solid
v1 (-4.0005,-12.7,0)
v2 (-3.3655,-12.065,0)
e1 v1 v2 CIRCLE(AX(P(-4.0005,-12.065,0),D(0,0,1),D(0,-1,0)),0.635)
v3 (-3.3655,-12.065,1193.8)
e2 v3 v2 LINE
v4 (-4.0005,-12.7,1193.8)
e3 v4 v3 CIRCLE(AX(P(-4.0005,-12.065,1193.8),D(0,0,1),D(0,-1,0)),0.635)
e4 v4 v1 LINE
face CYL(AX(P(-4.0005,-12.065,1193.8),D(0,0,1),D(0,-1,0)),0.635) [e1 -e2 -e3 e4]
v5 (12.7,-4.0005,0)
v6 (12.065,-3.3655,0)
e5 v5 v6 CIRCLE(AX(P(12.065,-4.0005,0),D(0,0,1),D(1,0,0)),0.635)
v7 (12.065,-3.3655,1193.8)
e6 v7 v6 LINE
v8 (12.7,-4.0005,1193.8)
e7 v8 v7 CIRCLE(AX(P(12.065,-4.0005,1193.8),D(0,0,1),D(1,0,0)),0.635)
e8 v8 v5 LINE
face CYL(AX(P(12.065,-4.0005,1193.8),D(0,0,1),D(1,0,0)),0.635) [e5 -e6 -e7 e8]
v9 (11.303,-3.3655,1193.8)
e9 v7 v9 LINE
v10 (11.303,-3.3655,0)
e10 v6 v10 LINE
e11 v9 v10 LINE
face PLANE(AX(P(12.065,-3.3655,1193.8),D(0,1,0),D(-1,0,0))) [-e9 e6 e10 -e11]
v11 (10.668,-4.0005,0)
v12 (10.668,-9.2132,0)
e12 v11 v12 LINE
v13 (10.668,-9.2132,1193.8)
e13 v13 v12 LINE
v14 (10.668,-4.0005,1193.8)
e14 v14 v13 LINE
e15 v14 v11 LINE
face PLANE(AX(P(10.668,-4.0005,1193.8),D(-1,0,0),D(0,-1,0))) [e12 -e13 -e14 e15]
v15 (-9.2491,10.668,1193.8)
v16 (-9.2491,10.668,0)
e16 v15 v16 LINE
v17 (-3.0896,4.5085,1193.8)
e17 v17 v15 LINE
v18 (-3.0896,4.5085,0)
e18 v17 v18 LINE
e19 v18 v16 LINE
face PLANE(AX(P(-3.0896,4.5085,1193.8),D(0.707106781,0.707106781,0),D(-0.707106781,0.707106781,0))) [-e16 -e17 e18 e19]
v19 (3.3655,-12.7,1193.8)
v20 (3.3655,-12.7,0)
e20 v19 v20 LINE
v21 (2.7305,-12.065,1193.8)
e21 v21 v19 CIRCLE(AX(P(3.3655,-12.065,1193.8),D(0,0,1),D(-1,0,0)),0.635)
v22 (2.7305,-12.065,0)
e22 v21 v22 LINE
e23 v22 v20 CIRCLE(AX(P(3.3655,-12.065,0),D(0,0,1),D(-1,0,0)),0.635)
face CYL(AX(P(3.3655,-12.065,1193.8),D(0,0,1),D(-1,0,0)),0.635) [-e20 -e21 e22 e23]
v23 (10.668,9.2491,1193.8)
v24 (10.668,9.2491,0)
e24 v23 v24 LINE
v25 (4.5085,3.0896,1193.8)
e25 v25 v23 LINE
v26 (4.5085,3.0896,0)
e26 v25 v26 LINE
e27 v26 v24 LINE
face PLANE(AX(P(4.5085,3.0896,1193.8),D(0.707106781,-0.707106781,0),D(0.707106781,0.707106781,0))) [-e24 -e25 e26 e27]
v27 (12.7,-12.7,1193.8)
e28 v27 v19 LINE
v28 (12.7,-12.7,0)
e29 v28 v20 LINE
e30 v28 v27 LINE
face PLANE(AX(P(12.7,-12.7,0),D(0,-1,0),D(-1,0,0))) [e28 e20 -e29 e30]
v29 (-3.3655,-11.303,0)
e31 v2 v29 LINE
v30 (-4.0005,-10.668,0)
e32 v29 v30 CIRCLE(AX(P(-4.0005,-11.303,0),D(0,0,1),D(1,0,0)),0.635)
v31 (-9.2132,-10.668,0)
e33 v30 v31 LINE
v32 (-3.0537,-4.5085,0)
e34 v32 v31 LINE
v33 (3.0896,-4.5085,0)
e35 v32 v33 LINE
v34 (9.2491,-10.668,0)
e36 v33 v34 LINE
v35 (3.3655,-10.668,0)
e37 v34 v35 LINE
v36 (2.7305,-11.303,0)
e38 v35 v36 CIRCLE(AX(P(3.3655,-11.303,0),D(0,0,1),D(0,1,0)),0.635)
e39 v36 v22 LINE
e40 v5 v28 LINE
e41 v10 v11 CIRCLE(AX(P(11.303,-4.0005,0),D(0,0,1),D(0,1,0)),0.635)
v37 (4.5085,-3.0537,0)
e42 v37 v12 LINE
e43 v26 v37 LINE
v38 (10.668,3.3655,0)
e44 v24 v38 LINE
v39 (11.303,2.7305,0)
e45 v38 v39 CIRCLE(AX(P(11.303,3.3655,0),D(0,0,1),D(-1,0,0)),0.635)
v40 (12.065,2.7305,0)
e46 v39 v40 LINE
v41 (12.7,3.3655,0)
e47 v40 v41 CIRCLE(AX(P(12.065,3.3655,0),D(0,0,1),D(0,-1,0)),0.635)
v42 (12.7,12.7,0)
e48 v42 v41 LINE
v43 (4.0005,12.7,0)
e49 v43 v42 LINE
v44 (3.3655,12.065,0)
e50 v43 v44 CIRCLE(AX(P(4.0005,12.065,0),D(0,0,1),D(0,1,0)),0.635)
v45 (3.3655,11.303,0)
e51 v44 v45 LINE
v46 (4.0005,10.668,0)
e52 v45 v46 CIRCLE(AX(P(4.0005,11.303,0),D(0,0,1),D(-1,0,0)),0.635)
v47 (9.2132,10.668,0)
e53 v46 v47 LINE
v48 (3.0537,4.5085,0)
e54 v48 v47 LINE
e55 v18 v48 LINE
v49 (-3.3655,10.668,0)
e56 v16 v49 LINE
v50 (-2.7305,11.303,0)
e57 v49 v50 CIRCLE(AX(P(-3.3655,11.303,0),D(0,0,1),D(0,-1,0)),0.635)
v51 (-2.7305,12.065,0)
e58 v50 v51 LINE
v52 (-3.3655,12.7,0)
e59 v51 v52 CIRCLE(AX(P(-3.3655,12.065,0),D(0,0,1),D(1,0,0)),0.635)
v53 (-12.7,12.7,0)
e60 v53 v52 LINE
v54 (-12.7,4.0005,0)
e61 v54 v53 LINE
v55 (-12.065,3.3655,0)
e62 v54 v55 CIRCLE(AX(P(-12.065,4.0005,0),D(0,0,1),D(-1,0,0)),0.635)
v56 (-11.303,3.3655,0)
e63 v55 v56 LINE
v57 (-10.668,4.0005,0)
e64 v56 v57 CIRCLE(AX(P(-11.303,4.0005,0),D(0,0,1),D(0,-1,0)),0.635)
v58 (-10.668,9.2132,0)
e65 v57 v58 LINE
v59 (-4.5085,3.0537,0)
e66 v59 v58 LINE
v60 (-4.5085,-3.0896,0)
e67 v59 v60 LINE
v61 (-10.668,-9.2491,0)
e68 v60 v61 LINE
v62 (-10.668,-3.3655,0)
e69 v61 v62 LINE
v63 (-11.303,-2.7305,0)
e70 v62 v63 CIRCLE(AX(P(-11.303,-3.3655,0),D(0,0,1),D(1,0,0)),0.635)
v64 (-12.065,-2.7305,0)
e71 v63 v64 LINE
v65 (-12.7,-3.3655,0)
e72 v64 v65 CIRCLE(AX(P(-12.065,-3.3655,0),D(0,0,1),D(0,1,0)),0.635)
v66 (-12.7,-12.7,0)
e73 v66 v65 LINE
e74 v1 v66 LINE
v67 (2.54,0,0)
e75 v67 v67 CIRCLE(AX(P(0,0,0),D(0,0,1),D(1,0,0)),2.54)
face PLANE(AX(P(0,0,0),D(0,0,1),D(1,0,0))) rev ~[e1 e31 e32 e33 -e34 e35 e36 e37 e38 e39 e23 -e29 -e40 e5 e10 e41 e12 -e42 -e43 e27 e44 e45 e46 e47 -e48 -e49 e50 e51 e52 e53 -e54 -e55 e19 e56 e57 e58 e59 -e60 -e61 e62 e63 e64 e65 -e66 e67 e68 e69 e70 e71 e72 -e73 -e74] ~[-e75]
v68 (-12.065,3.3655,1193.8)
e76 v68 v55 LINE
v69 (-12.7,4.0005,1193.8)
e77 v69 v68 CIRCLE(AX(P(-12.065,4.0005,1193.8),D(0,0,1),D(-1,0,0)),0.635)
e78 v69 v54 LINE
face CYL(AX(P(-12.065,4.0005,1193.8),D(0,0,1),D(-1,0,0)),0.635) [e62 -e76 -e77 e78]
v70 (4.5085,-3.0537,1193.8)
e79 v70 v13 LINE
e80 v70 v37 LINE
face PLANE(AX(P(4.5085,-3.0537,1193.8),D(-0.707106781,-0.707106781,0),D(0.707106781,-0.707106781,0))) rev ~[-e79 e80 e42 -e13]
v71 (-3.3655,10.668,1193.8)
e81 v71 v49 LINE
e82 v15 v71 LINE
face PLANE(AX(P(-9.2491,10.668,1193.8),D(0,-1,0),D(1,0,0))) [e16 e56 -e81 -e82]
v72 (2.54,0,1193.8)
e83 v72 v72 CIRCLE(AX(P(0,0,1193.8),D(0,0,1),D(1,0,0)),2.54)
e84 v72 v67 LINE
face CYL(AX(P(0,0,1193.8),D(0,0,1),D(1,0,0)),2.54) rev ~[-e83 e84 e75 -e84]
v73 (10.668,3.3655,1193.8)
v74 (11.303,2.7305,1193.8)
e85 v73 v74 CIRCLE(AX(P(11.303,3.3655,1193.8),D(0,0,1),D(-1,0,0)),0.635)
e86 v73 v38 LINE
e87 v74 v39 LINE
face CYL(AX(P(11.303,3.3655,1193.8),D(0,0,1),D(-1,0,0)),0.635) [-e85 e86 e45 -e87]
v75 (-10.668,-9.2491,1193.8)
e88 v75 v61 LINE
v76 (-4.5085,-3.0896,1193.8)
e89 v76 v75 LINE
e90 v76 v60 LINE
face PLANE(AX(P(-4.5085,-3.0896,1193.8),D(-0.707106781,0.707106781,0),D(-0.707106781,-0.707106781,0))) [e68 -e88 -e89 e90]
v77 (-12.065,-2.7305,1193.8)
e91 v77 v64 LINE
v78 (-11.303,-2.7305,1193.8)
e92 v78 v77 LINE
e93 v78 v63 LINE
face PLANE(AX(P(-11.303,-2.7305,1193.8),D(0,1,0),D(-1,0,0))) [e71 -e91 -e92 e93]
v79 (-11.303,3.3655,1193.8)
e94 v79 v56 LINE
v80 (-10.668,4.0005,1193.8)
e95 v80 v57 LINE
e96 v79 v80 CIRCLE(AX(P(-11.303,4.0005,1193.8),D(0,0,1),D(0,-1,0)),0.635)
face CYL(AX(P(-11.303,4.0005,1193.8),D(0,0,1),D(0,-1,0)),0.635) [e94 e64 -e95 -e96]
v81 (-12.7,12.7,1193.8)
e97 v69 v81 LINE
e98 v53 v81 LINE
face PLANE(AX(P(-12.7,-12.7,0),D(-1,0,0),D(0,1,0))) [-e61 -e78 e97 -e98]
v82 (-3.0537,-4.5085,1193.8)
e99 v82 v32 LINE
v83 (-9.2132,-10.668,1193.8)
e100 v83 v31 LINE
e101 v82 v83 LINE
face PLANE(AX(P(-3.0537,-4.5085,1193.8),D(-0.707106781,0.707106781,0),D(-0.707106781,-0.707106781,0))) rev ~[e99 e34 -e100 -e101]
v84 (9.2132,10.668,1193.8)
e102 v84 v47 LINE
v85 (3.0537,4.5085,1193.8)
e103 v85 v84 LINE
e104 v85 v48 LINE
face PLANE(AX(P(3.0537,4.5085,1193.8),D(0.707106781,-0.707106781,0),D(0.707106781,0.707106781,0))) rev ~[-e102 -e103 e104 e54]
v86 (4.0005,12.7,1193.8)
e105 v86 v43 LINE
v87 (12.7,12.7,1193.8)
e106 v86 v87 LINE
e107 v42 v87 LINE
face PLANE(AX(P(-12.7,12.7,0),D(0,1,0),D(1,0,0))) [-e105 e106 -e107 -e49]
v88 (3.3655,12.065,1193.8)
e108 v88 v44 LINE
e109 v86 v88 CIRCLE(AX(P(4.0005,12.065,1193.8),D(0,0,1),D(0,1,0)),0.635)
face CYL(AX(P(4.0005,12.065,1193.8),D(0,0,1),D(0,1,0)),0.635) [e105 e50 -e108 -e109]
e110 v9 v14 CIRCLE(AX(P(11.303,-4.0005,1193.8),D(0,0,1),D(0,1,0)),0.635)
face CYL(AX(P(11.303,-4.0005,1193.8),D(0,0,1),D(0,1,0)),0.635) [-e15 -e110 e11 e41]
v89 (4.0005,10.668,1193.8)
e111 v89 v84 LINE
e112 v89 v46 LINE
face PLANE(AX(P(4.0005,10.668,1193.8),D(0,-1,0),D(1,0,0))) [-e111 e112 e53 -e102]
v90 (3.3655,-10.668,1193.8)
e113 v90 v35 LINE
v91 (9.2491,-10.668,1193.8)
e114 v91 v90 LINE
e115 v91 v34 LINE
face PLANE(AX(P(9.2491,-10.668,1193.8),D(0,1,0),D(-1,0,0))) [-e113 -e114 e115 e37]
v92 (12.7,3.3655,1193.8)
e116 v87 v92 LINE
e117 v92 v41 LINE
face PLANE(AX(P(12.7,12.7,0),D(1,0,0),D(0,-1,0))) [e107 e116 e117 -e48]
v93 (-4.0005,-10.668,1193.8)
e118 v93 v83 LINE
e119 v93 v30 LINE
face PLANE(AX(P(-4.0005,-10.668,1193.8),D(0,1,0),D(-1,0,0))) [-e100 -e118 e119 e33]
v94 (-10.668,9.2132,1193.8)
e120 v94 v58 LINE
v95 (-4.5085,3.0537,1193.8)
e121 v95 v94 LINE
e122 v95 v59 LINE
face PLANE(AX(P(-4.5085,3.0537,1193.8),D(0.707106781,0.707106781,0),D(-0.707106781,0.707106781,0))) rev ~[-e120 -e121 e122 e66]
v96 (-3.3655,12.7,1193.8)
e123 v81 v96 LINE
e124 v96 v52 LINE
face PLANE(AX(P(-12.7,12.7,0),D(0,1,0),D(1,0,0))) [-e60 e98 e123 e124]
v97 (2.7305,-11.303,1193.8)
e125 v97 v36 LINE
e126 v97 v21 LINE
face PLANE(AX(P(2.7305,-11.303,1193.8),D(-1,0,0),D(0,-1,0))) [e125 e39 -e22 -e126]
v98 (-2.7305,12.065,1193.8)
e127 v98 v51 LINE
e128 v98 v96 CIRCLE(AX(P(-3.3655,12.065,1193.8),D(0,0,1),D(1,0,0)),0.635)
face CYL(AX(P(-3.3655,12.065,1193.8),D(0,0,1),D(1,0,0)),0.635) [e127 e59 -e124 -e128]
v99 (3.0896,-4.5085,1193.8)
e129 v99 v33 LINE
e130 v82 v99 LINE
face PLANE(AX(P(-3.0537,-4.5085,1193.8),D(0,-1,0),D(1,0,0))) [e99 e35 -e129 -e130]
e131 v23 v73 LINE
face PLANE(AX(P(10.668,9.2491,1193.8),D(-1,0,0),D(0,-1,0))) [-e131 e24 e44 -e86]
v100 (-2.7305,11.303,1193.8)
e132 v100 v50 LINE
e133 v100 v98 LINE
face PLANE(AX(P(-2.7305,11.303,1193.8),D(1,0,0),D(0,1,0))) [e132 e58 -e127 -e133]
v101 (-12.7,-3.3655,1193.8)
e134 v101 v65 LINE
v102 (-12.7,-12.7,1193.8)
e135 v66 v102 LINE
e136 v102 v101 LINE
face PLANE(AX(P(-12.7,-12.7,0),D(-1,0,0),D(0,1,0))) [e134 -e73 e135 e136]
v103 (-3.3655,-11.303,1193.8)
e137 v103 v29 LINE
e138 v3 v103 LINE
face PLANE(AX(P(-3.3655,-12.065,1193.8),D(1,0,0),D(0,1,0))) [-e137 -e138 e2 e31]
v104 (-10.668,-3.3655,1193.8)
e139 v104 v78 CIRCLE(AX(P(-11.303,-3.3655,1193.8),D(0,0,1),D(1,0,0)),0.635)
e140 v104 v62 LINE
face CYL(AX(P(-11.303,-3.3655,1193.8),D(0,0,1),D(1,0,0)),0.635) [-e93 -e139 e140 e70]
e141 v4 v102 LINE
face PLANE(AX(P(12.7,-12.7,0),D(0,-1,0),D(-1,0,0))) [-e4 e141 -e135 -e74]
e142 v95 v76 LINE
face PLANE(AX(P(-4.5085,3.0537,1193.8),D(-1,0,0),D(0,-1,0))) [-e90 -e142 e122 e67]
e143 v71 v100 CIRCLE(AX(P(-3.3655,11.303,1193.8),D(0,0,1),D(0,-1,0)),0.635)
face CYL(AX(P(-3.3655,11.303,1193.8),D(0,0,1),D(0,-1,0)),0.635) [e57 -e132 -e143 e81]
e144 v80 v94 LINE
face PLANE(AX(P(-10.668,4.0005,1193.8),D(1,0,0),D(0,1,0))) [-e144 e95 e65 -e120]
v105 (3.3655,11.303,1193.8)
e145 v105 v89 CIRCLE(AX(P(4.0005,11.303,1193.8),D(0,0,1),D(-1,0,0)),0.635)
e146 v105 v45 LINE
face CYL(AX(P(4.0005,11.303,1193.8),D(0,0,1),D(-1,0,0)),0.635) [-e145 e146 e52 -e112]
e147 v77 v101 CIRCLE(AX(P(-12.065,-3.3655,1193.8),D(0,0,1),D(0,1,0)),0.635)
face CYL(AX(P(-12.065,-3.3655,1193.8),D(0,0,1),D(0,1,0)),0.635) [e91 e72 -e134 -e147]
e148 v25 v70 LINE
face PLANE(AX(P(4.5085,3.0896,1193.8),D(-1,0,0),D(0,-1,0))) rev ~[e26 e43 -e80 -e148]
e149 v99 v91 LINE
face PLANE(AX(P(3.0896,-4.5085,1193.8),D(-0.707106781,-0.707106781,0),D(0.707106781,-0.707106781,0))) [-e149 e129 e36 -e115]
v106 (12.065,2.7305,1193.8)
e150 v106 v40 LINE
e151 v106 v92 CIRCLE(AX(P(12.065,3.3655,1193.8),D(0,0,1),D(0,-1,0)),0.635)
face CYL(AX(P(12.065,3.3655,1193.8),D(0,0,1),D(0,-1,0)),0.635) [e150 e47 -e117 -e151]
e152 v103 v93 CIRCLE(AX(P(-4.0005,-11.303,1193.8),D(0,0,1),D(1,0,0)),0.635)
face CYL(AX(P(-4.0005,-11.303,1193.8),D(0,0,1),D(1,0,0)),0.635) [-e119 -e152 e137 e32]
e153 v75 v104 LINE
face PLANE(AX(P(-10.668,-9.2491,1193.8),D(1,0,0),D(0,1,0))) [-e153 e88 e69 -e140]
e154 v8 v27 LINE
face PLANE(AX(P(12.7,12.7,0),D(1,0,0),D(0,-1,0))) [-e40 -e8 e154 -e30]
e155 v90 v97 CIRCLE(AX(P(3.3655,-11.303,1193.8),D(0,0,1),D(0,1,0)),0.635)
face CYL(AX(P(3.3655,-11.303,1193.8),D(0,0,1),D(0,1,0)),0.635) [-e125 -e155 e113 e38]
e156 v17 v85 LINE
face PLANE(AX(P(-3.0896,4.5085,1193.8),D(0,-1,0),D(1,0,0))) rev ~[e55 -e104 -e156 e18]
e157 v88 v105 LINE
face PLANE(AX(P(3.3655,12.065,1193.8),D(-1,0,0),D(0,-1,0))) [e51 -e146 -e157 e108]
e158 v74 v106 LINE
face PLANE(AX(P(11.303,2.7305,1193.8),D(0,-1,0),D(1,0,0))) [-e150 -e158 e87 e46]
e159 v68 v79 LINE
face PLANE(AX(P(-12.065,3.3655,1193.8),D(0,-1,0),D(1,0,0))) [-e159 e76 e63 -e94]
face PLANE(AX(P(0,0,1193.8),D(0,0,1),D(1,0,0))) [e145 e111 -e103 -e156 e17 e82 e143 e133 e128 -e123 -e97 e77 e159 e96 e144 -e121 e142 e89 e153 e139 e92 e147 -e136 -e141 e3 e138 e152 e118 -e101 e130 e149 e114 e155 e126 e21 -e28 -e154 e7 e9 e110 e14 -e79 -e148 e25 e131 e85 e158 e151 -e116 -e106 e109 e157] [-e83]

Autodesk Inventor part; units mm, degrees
ref_plane "YZ Plane" through (0, 0, 0) normal (1, 0, 0) x (0, 1, 0)
ref_plane "XZ Plane" through (0, 0, 0) normal (0, 1, 0) x (-1, 0, 0)
ref_plane "XY Plane" through (0, 0, 0) normal (0, 0, 1) x (1, 0, 0)
sketch "Sketch1" plane through (0, 0, 0) normal (0, 0, 1) x (1, 0, 0)
  line L0 (-12.7, 12.7) -> (12.7, 12.7)
  line L1 (12.7, 12.7) -> (12.7, -12.7)
  line L2 (12.7, -12.7) -> (-12.7, -12.7)
  line L3 (-12.7, -12.7) -> (-12.7, 12.7)
  point P0 (0, 0)
  dimension "d0" = 25.4
  dimension "d1" = 25.4
  dimension "d2" = 12.7
  dimension "d3" = 12.7
extrude "Extrusion1" add sketch "Sketch1" along normal blind 1193.8
sketch "Sketch2" plane through (0, 0, 1193.8) normal (0, 0, 1) x (1, 0, 0)
  circle A0 centre (0, 0) radius 2.54
  line L0 (-4.5085, 4.5085) -> (4.5085, 4.5085)
  line L1 (-4.5085, -4.5085) -> (4.5085, -4.5085)
  line L2 (4.5085, 4.5085) -> (4.5085, -4.5085)
  line L3 (-4.5085, 4.5085) -> (-4.5085, -4.5085)
  line L4 (-3.0896, 4.5085) -> (-11.2811, 12.7)
  line L5 (-4.5085, 3.0537) -> (-12.7, 11.2452)
  line L6 (12.7, 12.7) -> (-12.7, 12.7) projected
  line L7 (-12.7, 12.7) -> (-12.7, 4.0005)
  line L8 (-10.668, 4.0005) -> (-10.668, 9.2132)
  line L9 (-9.2491, 10.668) -> (-3.3655, 10.668)
  line L10 (-12.7, 12.7) -> (-3.3655, 12.7)
  line L11 (-2.7305, 11.303) -> (-2.7305, 12.065)
  line L12 (-12.065, 3.3655) -> (-11.303, 3.3655)
  arc A1 (-12.7, 4.0005) -> (-12.065, 3.3655) centre (-12.065, 4.0005) ccw
  arc A2 (-11.303, 3.3655) -> (-10.668, 4.0005) centre (-11.303, 4.0005) ccw
  arc A3 (-3.3655, 10.668) -> (-2.7305, 11.303) centre (-3.3655, 11.303) ccw
  arc A4 (-2.7305, 12.065) -> (-3.3655, 12.7) centre (-3.3655, 12.065) ccw
  arc A5 (-3.3655, -11.303) -> (-4.0005, -10.668) centre (-4.0005, -11.303) ccw
  line L13 (-3.3655, -12.065) -> (-3.3655, -11.303)
  arc A6 (-4.0005, -12.7) -> (-3.3655, -12.065) centre (-4.0005, -12.065) ccw
  line L14 (-3.0537, -4.5085) -> (-11.2452, -12.7)
  line L15 (-10.668, -9.2491) -> (-10.668, -3.3655)
  line L16 (-4.5085, -3.0896) -> (-12.7, -11.2811)
  line L17 (-12.7, -12.7) -> (-12.7, -3.3655)
  arc A7 (-10.668, -3.3655) -> (-11.303, -2.7305) centre (-11.303, -3.3655) ccw
  line L18 (-11.303, -2.7305) -> (-12.065, -2.7305)
  arc A8 (-12.065, -2.7305) -> (-12.7, -3.3655) centre (-12.065, -3.3655) ccw
  line L19 (-4.0005, -10.668) -> (-9.2132, -10.668)
  line L20 (-12.7, -12.7) -> (-4.0005, -12.7)
  arc A9 (11.303, -3.3655) -> (10.668, -4.0005) centre (11.303, -4.0005) ccw
  line L21 (12.065, -3.3655) -> (11.303, -3.3655)
  arc A10 (12.7, -4.0005) -> (12.065, -3.3655) centre (12.065, -4.0005) ccw
  line L22 (4.5085, -3.0537) -> (12.7, -11.2452)
  line L23 (9.2491, -10.668) -> (3.3655, -10.668)
  line L24 (3.0896, -4.5085) -> (11.2811, -12.7)
  line L25 (12.7, -12.7) -> (3.3655, -12.7)
  arc A11 (3.3655, -10.668) -> (2.7305, -11.303) centre (3.3655, -11.303) ccw
  line L26 (2.7305, -11.303) -> (2.7305, -12.065)
  arc A12 (2.7305, -12.065) -> (3.3655, -12.7) centre (3.3655, -12.065) ccw
  line L27 (10.668, -4.0005) -> (10.668, -9.2132)
  line L28 (12.7, -12.7) -> (12.7, -4.0005)
  arc A13 (3.3655, 11.303) -> (4.0005, 10.668) centre (4.0005, 11.303) ccw
  line L29 (3.3655, 12.065) -> (3.3655, 11.303)
  arc A14 (4.0005, 12.7) -> (3.3655, 12.065) centre (4.0005, 12.065) ccw
  line L30 (3.0537, 4.5085) -> (11.2452, 12.7)
  line L31 (10.668, 9.2491) -> (10.668, 3.3655)
  line L32 (4.5085, 3.0896) -> (12.7, 11.2811)
  line L33 (12.7, 12.7) -> (12.7, 3.3655)
  arc A15 (10.668, 3.3655) -> (11.303, 2.7305) centre (11.303, 3.3655) ccw
  line L34 (11.303, 2.7305) -> (12.065, 2.7305)
  arc A16 (12.065, 2.7305) -> (12.7, 3.3655) centre (12.065, 3.3655) ccw
  line L35 (4.0005, 10.668) -> (9.2132, 10.668)
  line L36 (12.7, 12.7) -> (4.0005, 12.7)
  line L37 (-4.5085, 3.0537) -> (-4.5085, 4.5085)
  line L38 (-3.0896, 4.5085) -> (-4.5085, 4.5085)
  line L39 (-12.7, -12.7) -> (-4.0005, -12.7)
  line L40 (-4.0005, -10.668) -> (-9.2132, -10.668)
  line L41 (-10.668, -9.2491) -> (-10.668, -3.3655)
  line L42 (-12.7, -12.7) -> (-12.7, -3.3655)
  line L43 (-11.303, -2.7305) -> (-12.065, -2.7305)
  arc A17 (-10.668, -3.3655) -> (-11.303, -2.7305) centre (-11.303, -3.3655) ccw
  arc A18 (-12.065, -2.7305) -> (-12.7, -3.3655) centre (-12.065, -3.3655) ccw
  line L44 (-4.5085, -3.0896) -> (-4.5085, -4.5085)
  line L45 (-4.5085, -3.0896) -> (-12.7, -11.2811)
  line L46 (-3.0537, -4.5085) -> (-4.5085, -4.5085)
  line L47 (-3.0537, -4.5085) -> (-11.2452, -12.7)
  line L48 (-4.5085, -4.5085) -> (-4.5085, 4.5085)
  circle A19 centre (0, 0) radius 2.54
  line L49 (-4.5085, -4.5085) -> (4.5085, -4.5085)
  line L50 (-3.3655, -12.065) -> (-3.3655, -11.303)
  arc A20 (-4.0005, -12.7) -> (-3.3655, -12.065) centre (-4.0005, -12.065) ccw
  arc A21 (-3.3655, -11.303) -> (-4.0005, -10.668) centre (-4.0005, -11.303) ccw
  line L51 (12.7, -12.7) -> (12.7, -4.0005)
  line L52 (10.668, -4.0005) -> (10.668, -9.2132)
  line L53 (9.2491, -10.668) -> (3.3655, -10.668)
  line L54 (12.7, -12.7) -> (3.3655, -12.7)
  line L55 (2.7305, -11.303) -> (2.7305, -12.065)
  arc A22 (3.3655, -10.668) -> (2.7305, -11.303) centre (3.3655, -11.303) ccw
  arc A23 (2.7305, -12.065) -> (3.3655, -12.7) centre (3.3655, -12.065) ccw
  line L56 (3.0896, -4.5085) -> (4.5085, -4.5085)
  line L57 (3.0896, -4.5085) -> (11.2811, -12.7)
  line L58 (4.5085, -3.0537) -> (4.5085, -4.5085)
  line L59 (4.5085, -3.0537) -> (12.7, -11.2452)
  line L60 (4.5085, -4.5085) -> (-4.5085, -4.5085)
  circle A24 centre (0, 0) radius 2.54
  line L61 (4.5085, -4.5085) -> (4.5085, 4.5085)
  line L62 (12.065, -3.3655) -> (11.303, -3.3655)
  arc A25 (12.7, -4.0005) -> (12.065, -3.3655) centre (12.065, -4.0005) ccw
  arc A26 (11.303, -3.3655) -> (10.668, -4.0005) centre (11.303, -4.0005) ccw
  line L63 (12.7, 12.7) -> (4.0005, 12.7)
  line L64 (4.0005, 10.668) -> (9.2132, 10.668)
  line L65 (10.668, 9.2491) -> (10.668, 3.3655)
  line L66 (12.7, 12.7) -> (12.7, 3.3655)
  line L67 (11.303, 2.7305) -> (12.065, 2.7305)
  arc A27 (10.668, 3.3655) -> (11.303, 2.7305) centre (11.303, 3.3655) ccw
  arc A28 (12.065, 2.7305) -> (12.7, 3.3655) centre (12.065, 3.3655) ccw
  line L68 (4.5085, 3.0896) -> (4.5085, 4.5085)
  line L69 (4.5085, 3.0896) -> (12.7, 11.2811)
  line L70 (3.0537, 4.5085) -> (4.5085, 4.5085)
  line L71 (3.0537, 4.5085) -> (11.2452, 12.7)
  line L72 (4.5085, 4.5085) -> (4.5085, -4.5085)
  circle A29 centre (0, 0) radius 2.54
  line L73 (4.5085, 4.5085) -> (-4.5085, 4.5085)
  line L74 (3.3655, 12.065) -> (3.3655, 11.303)
  arc A30 (4.0005, 12.7) -> (3.3655, 12.065) centre (4.0005, 12.065) ccw
  arc A31 (3.3655, 11.303) -> (4.0005, 10.668) centre (4.0005, 11.303) ccw
  point P0 (-12.7, 3.3655)
  point P1 (-2.7305, 12.7)
  point P2 (-3.3655, -12.7)
  point P3 (-12.7, -2.7305)
  point P4 (12.7, -3.3655)
  point P5 (2.7305, -12.7)
  point P6 (3.3655, 12.7)
  point P7 (12.7, 2.7305)
  point P8 (-3.3655, -12.7)
  point P9 (-12.7, -2.7305)
  point P10 (12.7, -3.3655)
  point P11 (2.7305, -12.7)
  point P12 (3.3655, 12.7)
  point P13 (12.7, 2.7305)
  dimension "d6" = 5.08
  dimension "d7" = 9.017
  dimension "d8" = 4.5085
  dimension "d9" = 4.5085
  dimension "d10" = 4.5085
  dimension "d11" = 2.032
  dimension "d12" = 1.0033
  dimension "d13" = 135
  dimension "d17" = 9.3345
  dimension "d19" = 2.032
  dimension "d20" = 2.032
  dimension "d21" = 0.635
  dimension "d22" = 9.3345
  dimension "d25" = 360
  dimension "d29" = 360
extrude "Extrusion2" cut sketch "Sketch2" against normal up to surface (1193.8 mm away) contours L3 L5 L7 L6 L4 L0 | L0 L2 L1 L3 | L30 L6 L33 L32 L2 L0 | L4 L6 A4 L11 A3 L9 | L3 L1 L14 L20 L17 L16 | L8 A2 L12 A1 L7 L5 | L35 A13 L29 A14 L6 L30 | L16 L17 A8 L18 A7 L15 | L22 L28 L25 L24 L1 L2 | L32 L33 A16 L34 A15 L31 | L19 A5 L13 A6 L20 L14 | L27 A9 L21 A10 L28 L22 | L24 L25 A12 L26 A11 L23 keep common part
equation "\"d22\" = d17"
properties part number "~2 in 80-20 extrusion"
